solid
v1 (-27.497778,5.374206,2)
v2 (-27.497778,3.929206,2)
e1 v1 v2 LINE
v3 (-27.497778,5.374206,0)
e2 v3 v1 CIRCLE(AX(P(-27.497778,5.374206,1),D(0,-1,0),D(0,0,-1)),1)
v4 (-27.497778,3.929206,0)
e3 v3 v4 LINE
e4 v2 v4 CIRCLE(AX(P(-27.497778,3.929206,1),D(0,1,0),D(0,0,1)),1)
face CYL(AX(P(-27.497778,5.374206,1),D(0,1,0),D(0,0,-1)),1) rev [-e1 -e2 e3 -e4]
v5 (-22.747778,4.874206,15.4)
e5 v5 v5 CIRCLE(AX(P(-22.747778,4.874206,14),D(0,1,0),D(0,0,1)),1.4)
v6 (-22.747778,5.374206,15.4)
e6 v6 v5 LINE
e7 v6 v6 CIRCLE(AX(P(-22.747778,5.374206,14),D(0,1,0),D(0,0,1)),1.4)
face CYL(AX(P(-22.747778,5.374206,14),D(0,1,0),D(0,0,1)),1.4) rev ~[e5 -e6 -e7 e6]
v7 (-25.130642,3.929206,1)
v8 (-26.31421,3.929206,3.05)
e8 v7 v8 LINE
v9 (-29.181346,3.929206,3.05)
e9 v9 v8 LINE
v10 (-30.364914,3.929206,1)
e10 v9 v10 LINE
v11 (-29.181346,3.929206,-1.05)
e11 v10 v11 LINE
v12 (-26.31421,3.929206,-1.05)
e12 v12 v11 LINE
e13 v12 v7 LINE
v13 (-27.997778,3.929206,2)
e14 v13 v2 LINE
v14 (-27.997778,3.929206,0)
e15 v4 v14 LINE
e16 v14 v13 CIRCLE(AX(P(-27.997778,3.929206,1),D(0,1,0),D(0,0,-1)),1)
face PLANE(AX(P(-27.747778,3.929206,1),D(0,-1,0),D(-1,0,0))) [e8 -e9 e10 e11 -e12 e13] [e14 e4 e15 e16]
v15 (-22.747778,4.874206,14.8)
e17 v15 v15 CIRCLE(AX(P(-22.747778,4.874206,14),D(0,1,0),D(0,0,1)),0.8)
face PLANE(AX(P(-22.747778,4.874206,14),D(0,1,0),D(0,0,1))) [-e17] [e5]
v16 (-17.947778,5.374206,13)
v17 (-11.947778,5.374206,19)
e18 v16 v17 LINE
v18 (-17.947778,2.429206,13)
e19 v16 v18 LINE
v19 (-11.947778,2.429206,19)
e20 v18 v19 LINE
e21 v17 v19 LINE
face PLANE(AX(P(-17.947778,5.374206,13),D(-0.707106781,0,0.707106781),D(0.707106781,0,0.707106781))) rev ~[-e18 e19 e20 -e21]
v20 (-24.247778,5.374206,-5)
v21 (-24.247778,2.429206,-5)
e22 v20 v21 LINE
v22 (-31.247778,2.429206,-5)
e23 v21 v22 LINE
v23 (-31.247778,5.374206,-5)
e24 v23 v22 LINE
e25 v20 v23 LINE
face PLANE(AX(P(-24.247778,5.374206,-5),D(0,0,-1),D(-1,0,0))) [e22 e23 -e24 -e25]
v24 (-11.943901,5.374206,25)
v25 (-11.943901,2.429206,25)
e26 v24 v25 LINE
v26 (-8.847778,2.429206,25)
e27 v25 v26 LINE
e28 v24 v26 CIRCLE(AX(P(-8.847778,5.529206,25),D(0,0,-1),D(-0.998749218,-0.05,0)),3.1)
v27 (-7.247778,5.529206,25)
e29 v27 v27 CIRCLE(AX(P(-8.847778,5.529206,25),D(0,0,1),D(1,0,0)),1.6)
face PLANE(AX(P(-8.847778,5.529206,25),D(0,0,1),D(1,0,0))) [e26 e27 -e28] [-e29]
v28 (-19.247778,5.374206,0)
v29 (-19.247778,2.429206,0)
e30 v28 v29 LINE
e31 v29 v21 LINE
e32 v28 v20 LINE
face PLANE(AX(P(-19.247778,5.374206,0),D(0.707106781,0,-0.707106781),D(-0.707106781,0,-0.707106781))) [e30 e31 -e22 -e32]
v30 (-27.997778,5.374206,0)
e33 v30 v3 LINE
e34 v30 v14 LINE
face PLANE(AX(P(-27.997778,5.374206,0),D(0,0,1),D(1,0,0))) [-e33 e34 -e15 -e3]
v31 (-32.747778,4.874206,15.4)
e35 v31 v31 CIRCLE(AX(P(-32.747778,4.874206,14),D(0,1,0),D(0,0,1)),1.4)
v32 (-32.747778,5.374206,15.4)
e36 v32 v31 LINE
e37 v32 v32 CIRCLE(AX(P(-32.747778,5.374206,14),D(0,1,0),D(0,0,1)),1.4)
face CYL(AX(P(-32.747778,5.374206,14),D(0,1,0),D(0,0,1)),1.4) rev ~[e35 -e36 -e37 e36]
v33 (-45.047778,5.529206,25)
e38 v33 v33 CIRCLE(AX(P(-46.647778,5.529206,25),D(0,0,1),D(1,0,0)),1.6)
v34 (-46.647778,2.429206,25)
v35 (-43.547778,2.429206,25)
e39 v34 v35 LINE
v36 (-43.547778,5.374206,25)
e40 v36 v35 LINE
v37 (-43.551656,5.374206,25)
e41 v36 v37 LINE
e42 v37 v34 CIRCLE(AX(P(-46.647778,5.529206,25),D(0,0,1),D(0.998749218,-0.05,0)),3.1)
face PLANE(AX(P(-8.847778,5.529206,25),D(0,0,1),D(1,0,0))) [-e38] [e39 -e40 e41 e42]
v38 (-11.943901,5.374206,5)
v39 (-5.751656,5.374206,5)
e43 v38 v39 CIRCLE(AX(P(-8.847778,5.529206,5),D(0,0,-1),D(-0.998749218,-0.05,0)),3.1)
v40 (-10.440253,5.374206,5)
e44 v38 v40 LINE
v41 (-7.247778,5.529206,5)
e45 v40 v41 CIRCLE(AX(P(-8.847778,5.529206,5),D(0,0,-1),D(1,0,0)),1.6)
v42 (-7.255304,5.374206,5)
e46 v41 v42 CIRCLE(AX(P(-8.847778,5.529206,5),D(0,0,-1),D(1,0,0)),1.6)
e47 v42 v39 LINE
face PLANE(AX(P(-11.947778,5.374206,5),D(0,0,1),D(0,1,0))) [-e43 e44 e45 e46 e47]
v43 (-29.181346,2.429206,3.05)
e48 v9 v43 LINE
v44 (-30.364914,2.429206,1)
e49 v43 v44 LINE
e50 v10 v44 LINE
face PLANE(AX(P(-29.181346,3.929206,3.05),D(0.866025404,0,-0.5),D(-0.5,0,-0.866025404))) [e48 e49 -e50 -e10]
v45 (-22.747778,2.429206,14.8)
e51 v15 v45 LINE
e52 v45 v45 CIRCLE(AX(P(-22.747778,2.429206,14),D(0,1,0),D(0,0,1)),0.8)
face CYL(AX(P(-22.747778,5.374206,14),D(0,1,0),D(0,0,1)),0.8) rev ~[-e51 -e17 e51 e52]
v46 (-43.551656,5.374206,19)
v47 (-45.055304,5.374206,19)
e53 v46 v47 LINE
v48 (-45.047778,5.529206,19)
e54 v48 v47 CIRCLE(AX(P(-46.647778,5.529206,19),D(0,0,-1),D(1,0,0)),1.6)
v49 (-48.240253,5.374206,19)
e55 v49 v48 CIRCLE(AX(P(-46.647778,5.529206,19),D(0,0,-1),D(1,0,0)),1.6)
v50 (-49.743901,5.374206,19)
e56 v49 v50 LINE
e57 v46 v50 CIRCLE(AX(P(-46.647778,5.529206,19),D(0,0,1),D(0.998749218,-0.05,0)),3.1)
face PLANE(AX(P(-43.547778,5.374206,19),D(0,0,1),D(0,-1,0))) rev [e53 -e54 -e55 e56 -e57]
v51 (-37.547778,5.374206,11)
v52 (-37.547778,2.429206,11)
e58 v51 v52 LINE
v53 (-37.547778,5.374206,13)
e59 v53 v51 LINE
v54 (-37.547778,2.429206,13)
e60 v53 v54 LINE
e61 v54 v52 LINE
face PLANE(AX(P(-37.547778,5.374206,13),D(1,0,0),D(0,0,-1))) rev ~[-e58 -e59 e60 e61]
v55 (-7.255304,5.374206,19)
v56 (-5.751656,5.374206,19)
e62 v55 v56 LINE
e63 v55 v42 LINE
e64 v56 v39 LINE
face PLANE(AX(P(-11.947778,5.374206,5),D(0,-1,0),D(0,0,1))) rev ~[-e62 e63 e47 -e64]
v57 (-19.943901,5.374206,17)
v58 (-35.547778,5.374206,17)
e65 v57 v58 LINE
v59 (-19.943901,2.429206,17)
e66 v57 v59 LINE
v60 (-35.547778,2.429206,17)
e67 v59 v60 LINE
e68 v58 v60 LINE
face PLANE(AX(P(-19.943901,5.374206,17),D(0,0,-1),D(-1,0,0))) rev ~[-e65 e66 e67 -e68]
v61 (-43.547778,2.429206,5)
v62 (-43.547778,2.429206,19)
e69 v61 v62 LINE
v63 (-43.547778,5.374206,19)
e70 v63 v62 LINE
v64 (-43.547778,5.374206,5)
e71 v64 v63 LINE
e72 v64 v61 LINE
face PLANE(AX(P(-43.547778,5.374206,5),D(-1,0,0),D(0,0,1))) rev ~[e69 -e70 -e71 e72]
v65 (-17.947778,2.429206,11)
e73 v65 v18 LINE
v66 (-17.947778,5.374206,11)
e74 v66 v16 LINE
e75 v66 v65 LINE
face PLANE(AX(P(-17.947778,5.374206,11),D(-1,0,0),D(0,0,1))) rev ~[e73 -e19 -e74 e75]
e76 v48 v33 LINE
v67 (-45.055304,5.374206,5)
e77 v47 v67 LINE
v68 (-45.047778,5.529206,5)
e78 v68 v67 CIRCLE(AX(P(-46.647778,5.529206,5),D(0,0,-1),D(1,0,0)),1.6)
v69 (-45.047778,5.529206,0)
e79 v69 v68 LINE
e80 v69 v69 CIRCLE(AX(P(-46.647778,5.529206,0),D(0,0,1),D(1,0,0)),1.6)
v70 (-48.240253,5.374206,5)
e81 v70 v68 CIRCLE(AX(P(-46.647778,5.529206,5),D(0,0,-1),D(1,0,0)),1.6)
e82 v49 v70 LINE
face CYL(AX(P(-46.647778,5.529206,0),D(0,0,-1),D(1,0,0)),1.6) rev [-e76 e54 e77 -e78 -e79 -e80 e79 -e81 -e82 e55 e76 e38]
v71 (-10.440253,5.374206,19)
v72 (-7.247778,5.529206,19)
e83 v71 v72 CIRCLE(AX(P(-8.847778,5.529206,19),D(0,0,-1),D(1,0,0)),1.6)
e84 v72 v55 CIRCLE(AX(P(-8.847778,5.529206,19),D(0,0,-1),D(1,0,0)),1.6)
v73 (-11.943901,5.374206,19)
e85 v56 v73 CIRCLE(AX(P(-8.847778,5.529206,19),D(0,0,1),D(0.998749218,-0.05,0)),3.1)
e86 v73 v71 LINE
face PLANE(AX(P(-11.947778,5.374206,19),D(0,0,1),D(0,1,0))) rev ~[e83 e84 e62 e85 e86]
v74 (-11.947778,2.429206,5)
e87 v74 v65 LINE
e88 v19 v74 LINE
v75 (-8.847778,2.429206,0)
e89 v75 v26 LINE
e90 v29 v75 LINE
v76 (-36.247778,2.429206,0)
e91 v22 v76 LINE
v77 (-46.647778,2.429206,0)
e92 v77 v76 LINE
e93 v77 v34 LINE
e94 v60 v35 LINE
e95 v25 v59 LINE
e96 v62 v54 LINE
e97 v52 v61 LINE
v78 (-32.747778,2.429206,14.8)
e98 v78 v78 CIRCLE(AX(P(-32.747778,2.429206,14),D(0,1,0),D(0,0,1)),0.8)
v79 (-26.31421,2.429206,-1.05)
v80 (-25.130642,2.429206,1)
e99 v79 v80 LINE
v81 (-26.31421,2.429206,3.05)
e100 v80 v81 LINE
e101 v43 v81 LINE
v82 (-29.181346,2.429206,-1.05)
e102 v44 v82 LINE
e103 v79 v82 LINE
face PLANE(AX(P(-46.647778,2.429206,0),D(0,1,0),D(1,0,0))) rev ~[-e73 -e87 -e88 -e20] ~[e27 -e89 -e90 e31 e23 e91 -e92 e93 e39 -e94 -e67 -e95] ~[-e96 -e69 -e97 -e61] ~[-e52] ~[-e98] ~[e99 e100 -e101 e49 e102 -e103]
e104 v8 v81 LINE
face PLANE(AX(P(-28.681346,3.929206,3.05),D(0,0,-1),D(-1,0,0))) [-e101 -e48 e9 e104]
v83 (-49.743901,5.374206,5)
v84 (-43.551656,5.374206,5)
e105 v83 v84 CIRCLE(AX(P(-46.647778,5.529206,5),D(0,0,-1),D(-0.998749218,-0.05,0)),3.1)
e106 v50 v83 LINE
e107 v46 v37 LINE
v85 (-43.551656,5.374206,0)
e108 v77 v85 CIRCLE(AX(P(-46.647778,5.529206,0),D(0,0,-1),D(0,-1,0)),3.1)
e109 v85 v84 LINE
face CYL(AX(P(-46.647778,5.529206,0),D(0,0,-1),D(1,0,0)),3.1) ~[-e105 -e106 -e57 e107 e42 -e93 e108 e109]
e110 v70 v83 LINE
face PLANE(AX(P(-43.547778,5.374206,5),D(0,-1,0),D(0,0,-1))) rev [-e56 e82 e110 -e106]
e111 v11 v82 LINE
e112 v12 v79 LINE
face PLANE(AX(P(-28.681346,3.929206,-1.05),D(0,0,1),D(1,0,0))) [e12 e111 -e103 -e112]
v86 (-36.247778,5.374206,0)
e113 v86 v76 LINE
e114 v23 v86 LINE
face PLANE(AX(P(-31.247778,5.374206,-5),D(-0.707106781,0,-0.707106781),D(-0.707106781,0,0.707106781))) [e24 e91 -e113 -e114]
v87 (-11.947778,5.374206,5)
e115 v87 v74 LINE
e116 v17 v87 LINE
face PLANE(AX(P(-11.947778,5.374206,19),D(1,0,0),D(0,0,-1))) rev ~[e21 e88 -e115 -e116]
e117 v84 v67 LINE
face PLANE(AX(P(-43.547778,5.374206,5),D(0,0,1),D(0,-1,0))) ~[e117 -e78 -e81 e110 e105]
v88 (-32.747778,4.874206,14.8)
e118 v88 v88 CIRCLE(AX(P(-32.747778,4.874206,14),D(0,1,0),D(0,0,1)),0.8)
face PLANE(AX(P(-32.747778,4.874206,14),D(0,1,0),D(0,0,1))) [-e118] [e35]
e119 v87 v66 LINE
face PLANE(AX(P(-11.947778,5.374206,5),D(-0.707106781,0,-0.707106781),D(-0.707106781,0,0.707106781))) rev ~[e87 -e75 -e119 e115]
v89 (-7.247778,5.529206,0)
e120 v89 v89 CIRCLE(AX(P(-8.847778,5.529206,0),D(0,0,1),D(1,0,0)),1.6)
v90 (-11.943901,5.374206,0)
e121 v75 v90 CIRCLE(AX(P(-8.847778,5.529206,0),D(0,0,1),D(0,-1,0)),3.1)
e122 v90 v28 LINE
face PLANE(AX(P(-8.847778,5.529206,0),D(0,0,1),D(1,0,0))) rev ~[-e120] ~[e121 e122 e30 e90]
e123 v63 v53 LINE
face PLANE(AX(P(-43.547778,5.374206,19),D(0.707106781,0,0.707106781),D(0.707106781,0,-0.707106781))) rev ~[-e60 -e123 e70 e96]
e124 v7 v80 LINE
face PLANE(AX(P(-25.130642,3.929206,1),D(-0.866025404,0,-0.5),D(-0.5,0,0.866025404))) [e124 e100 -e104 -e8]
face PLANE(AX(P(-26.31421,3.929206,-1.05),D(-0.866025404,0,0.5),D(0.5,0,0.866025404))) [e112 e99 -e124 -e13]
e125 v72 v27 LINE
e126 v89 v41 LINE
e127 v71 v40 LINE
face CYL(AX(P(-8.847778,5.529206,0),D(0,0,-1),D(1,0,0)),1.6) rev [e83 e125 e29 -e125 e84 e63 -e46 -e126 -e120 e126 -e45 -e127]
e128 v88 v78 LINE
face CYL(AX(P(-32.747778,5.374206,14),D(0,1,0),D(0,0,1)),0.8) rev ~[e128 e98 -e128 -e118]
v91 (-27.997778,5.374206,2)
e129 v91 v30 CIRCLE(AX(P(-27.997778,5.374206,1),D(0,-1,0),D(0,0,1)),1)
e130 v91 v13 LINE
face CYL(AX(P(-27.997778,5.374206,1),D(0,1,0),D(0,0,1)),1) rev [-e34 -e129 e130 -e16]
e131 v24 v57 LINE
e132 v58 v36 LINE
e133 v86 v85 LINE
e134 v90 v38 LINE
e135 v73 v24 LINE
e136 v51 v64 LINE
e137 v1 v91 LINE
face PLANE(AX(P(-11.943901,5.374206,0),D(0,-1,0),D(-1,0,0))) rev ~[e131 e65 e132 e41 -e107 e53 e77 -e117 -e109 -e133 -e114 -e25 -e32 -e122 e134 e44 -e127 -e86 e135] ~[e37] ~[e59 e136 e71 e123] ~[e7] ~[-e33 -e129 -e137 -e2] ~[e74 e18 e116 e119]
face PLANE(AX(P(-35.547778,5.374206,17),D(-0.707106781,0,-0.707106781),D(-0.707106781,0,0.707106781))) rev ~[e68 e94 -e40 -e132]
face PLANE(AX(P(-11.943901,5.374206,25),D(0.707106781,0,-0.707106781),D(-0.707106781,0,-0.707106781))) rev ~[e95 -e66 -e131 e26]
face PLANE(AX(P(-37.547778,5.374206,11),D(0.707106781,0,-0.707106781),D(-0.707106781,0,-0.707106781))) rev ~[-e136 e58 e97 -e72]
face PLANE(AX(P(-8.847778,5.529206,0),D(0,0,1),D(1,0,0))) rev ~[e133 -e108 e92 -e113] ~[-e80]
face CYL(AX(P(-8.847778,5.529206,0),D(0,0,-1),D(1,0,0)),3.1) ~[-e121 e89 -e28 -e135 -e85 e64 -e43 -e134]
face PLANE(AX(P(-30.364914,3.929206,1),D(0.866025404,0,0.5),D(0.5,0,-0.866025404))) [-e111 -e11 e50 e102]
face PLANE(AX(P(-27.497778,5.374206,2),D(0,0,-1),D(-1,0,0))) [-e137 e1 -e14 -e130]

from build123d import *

# Parameters (mm, degrees)
SKETCH_1_R           = 3.1
SKETCH_1_R_2         = 1.6
EXTRUDE_1_DEPTH      = 25
EXTRUDE_2_DEPTH      = 2.945
CUT_EXTRUDE_1_DEPTH  = 56.771287036
CUT_EXTRUDE_START    = -1.5
CUT_EXTRUDE_4_DEPTH  = 1.5
SKETCH_6_R           = 0.8
CUT_EXTRUDE_5_DEPTH  = 56.771287036
CUT_EXTRUDE_6_DEPTH  = 56.771287036
SKETCH_9_W           = 14
SKETCH_9_H           = 3.255
CUT_EXTRUDE_9_DEPTH  = 47.133536551
SKETCH_10_R          = 1.4
CUT_EXTRUDE_11_DEPTH = 0.5


with BuildPart() as part:
    # 草图1 → 凸台-拉伸1 (new body)
    # profile 1 of 3: a face of its own
    with BuildSketch(Plane.XY):
        with Locations((-46.647778168, 5.529205914)):
            Circle(SKETCH_1_R)
        with Locations((-46.647778168, 5.529205914)):
            Circle(SKETCH_1_R_2, mode=Mode.SUBTRACT)
    # profile 2 of 3: a face of its own
    with BuildSketch(Plane.XY):
        with BuildLine():
            ThreePointArc((-43.551655593, 5.374205914), (-44.511250611, 3.283042519), (-46.647778168, 2.429205914))
            Line((-46.647778168, 2.429205914), (-8.847778168, 2.429205914))
            ThreePointArc((-8.847778168, 2.429205914), (-10.984305724, 3.283042519), (-11.943900743, 5.374205914))
            Line((-11.943900743, 5.374205914), (-43.551655593, 5.374205914))
        make_face()
    # profile 3 of 3: a face of its own
    with BuildSketch(Plane.XY):
        with Locations((-8.847778168, 5.529205914)):
            Circle(SKETCH_1_R)
        with Locations((-8.847778168, 5.529205914)):
            Circle(SKETCH_1_R_2, mode=Mode.SUBTRACT)
    extrude(amount=EXTRUDE_1_DEPTH)

    # 草图2 → 凸台-拉伸2 (add)
    with BuildSketch(Plane(origin=(0, 5.374205914, 0), x_dir=(1, 0, 0), z_dir=(0, 1, 0))):
        Polygon((-19.247778168, 0), (-24.247778168, 5), (-31.247778168, 5), (-36.247778168, 0), align=None)
    extrude(amount=-EXTRUDE_2_DEPTH)

    # 草图3 → 切除-拉伸1 (cut, through all)
    with BuildSketch(Plane(origin=(0, 5.374205914, 0), x_dir=(1, 0, 0), z_dir=(0, 1, 0))):
        with BuildLine():
            Line((-27.997778168, 0), (-27.497778168, 0))
            ThreePointArc((-27.497778168, 0), (-26.497778168, -1), (-27.497778168, -2))
            Line((-27.497778168, -2), (-27.997778168, -2))
            ThreePointArc((-27.997778168, -2), (-28.997778168, -1), (-27.997778168, 0))
        make_face()
    extrude(amount=-CUT_EXTRUDE_1_DEPTH, mode=Mode.SUBTRACT)

    # 草图5 → 切除-拉伸4 (cut)
    # profile 1 of 3: a face of its own
    with BuildSketch(Plane(origin=(0, 2.429205914, 0), x_dir=(-1, 0, 0), z_dir=(0, -1, 0)).offset(CUT_EXTRUDE_START)):
        Polygon((25.630642064, -1), (26.814210116, 1.05), (26.314210116, 1.05), (25.130642064, -1), (26.314210116, -3.05), (26.814210116, -3.05), align=None)
    # profile 2 of 3: a face of its own
    with BuildSketch(Plane(origin=(0, 2.429205914, 0), x_dir=(-1, 0, 0), z_dir=(0, -1, 0)).offset(CUT_EXTRUDE_START)):
        Polygon((28.68134622, -3.05), (29.864914271, -1), (28.68134622, 1.05), (26.814210116, 1.05), (25.630642064, -1), (26.814210116, -3.05), align=None)
        with BuildLine():
            ThreePointArc((27.497778168, -2), (26.497778168, -1), (27.497778168, 0))
            Line((27.497778168, 0), (27.997778168, 0))
            ThreePointArc((27.997778168, 0), (28.997778168, -1), (27.997778168, -2))
            Line((27.997778168, -2), (27.497778168, -2))
        make_face(mode=Mode.SUBTRACT)
    # profile 3 of 3: a face of its own
    with BuildSketch(Plane(origin=(0, 2.429205914, 0), x_dir=(-1, 0, 0), z_dir=(0, -1, 0)).offset(CUT_EXTRUDE_START)):
        Polygon((28.68134622, 1.05), (29.864914271, -1), (28.68134622, -3.05), (29.18134622, -3.05), (30.364914271, -1), (29.18134622, 1.05), align=None)
    extrude(amount=CUT_EXTRUDE_4_DEPTH, mode=Mode.SUBTRACT)

    # 草图6 → 切除-拉伸5 (cut, through all)
    with BuildSketch(Plane(origin=(0, 5.374205914, 0), x_dir=(1, 0, 0), z_dir=(0, 1, 0))):
        with Locations(Location((-32.747778168, -14, 0), (0, 0, 270))):
            Circle(SKETCH_6_R)
        with Locations(Location((-22.747778168, -14, 0), (0, 0, 270))):
            Circle(SKETCH_6_R)
    extrude(amount=-CUT_EXTRUDE_5_DEPTH, mode=Mode.SUBTRACT)

    # 草图7 → 切除-拉伸6 (cut, through all)
    with BuildSketch(Plane(origin=(0, 5.374205914, 0), x_dir=(1, 0, 0), z_dir=(0, 1, 0))):
        Polygon((-35.547778168, -17), (-43.547778168, -25), (-11.943900743, -25), (-19.943900743, -17), align=None)
        Polygon((-37.547778168, -13), (-37.547778168, -11), (-43.547778168, -5), (-43.547778168, -19), align=None)
        Polygon((-11.947778168, -5), (-17.947778168, -11), (-17.947778168, -13), (-11.947778168, -19), align=None)
    extrude(amount=-CUT_EXTRUDE_6_DEPTH, mode=Mode.SUBTRACT)

    # 草图9 → 切除-拉伸9 (cut, through all)
    with BuildSketch(Plane.ZY.offset(11.947778168)):
        with Locations((12, 7.001705914)):
            Rectangle(SKETCH_9_W, SKETCH_9_H)
    cut_extrude_9 = extrude(amount=-CUT_EXTRUDE_9_DEPTH, mode=Mode.SUBTRACT)

    # 镜向1: 切除-拉伸9 across plane
    add(cut_extrude_9.mirror(Plane(origin=(-27.747778168, 0, 0), x_dir=(0, 0, 1), z_dir=(1, 0, 0))), mode=Mode.SUBTRACT)

    # 草图10 → 切除-拉伸11 (cut)
    with BuildSketch(Plane(origin=(0, 5.374205914, 0), x_dir=(1, 0, 0), z_dir=(0, 1, 0))):
        with Locations(Location((-22.747778168, -14, 0), (0, 0, 270))):
            Circle(SKETCH_10_R)
        with Locations(Location((-32.747778168, -14, 0), (0, 0, 270))):
            Circle(SKETCH_10_R)
    extrude(amount=-CUT_EXTRUDE_11_DEPTH, mode=Mode.SUBTRACT)


solid = part.part
